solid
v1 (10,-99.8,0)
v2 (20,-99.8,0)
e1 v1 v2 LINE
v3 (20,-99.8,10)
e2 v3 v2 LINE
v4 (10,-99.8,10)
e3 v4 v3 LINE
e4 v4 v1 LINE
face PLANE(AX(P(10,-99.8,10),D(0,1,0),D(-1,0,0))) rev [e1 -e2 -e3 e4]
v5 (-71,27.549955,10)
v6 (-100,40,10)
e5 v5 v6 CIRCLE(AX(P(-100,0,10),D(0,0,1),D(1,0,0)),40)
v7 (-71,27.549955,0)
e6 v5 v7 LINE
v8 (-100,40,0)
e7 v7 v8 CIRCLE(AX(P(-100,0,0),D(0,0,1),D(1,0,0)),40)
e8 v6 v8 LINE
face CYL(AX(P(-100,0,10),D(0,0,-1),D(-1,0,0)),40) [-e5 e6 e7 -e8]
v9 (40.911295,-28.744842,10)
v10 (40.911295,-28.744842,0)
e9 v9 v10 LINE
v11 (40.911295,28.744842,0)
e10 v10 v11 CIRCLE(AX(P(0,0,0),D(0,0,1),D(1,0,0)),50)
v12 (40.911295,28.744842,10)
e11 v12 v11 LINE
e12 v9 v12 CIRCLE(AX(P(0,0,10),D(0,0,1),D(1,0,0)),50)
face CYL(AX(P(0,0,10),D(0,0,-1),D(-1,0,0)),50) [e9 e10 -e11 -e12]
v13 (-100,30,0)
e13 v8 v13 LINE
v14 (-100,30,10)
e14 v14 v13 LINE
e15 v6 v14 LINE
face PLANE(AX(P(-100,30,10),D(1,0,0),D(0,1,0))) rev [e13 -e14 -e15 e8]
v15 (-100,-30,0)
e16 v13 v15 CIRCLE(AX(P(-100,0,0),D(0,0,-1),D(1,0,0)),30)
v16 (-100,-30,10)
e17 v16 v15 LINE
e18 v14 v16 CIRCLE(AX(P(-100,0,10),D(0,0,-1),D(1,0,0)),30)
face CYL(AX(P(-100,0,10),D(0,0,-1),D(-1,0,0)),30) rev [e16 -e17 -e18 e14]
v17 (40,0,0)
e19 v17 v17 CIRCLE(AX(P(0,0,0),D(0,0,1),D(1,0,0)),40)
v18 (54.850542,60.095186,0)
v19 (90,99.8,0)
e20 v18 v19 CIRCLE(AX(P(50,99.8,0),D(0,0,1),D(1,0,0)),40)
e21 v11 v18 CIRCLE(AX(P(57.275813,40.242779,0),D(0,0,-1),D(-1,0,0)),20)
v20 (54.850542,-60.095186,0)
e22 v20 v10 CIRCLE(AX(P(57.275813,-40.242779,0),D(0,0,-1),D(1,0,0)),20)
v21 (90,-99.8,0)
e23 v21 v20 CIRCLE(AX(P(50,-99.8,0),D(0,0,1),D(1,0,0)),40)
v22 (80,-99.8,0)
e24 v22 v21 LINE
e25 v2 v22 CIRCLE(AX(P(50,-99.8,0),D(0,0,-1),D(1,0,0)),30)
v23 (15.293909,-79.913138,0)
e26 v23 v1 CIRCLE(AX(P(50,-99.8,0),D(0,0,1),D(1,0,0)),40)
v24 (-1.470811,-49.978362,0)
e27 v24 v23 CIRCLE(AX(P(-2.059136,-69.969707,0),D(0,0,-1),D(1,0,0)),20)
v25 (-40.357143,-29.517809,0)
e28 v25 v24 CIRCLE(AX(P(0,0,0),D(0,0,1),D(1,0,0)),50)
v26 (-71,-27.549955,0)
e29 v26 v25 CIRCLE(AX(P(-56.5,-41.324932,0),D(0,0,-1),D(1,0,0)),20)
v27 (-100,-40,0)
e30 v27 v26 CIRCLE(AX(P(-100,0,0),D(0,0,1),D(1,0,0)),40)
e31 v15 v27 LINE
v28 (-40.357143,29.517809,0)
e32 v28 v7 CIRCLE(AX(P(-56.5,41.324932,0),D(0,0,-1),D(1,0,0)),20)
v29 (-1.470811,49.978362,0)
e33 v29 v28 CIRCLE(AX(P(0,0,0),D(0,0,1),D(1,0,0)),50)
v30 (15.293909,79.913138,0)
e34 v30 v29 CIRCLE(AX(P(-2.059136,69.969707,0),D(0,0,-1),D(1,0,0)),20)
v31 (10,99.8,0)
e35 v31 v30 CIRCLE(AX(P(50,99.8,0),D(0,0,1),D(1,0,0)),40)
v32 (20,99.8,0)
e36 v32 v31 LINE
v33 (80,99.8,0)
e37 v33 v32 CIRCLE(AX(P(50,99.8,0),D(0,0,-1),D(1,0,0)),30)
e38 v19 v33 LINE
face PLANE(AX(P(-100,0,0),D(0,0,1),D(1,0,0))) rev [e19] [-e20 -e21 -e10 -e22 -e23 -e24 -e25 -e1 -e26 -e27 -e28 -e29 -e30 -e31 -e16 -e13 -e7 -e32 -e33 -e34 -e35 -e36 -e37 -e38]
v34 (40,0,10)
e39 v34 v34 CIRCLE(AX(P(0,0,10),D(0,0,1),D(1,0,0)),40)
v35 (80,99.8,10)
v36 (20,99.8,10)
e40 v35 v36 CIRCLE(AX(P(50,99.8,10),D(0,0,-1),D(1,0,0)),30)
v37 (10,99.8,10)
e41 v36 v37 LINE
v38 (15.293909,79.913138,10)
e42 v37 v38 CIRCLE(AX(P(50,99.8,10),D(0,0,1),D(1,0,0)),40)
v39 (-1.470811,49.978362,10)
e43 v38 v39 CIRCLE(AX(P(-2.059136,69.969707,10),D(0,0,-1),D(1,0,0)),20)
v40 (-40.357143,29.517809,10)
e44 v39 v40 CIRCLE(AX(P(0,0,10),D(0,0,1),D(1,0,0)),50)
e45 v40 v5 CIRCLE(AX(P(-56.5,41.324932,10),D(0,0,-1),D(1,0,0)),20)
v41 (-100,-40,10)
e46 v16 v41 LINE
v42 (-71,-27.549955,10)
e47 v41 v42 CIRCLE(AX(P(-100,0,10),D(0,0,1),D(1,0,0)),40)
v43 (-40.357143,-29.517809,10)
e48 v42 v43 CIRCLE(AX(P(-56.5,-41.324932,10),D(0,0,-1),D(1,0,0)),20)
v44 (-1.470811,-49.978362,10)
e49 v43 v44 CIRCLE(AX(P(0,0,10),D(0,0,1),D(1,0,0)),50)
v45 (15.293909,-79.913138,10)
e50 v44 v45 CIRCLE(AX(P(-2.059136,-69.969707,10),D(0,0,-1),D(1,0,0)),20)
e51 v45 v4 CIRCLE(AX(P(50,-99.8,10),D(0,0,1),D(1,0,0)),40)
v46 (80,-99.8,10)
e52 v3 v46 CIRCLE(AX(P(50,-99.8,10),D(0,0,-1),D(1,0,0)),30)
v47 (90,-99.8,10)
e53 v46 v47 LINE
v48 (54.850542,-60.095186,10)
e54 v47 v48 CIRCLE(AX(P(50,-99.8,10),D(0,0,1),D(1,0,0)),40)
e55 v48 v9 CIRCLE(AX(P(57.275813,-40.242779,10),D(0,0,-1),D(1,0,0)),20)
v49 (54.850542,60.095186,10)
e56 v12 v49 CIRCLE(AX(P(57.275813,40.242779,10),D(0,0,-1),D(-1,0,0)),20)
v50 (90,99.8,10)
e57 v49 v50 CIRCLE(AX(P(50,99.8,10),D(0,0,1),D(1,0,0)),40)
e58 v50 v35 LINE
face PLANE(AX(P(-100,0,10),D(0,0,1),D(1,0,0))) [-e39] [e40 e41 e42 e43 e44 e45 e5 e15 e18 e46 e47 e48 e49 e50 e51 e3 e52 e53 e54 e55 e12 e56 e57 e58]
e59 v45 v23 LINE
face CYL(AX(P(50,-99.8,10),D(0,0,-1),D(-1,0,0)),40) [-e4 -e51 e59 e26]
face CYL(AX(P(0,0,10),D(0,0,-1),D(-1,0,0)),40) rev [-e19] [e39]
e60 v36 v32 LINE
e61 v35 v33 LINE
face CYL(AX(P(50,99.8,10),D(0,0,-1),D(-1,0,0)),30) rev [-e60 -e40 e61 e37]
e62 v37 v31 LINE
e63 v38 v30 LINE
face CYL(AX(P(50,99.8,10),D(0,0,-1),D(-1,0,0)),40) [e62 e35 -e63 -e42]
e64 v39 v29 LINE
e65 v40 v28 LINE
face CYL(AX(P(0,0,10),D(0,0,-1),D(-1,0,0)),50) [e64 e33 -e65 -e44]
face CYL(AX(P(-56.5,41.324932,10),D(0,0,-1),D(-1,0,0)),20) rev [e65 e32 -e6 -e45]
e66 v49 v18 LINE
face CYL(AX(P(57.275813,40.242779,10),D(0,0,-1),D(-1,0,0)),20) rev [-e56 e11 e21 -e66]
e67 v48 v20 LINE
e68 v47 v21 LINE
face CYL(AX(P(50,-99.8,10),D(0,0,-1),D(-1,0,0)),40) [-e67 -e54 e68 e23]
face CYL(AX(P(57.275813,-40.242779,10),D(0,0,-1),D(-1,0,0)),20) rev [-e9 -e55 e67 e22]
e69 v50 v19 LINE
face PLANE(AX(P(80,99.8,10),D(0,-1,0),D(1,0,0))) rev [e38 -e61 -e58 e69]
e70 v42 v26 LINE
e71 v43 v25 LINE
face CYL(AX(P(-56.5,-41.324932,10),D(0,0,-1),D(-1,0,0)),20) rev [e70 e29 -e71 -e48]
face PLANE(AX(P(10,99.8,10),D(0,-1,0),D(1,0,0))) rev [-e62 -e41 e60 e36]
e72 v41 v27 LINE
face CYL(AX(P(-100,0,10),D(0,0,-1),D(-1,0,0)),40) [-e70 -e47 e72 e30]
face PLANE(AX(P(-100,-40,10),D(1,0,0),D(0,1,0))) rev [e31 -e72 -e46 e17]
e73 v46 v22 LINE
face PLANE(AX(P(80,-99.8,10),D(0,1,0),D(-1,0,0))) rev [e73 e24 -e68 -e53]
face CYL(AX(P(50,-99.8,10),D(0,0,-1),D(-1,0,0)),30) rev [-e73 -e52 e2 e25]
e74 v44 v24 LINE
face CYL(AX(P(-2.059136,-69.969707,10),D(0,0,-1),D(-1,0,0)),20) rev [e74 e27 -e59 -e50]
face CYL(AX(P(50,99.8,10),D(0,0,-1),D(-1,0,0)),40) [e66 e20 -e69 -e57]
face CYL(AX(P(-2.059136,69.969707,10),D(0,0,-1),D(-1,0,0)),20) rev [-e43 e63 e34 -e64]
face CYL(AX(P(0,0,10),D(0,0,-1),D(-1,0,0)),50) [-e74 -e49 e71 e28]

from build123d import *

# Parameters (mm, degrees)
SKETCH2_R           = 40
BOSS_EXTRUDE1_DEPTH = 10


with BuildPart() as part:
    # Sketch2 → Boss-Extrude1 (new body)
    with BuildSketch(Plane.XY):
        with BuildLine():
            Line((-100, -40), (-100, -30))
            ThreePointArc((-100, -30), (-70, 0), (-100, 30))
            Line((-100, 30), (-100, 40))
            ThreePointArc((-100, 40), (-84.220237409, 36.755939555), (-71, 27.549954628))
            ThreePointArc((-71, 27.549954628), (-55.218260111, 21.366045629), (-40.357142857, 29.51780853))
            ThreePointArc((-40.357142857, 29.51780853), (-23.282031855, 44.248694813), (-1.47081146, 49.978362455))
            ThreePointArc((-1.47081146, 49.978362455), (15.390674553, 60.197087002), (15.293909304, 79.913138291))
            ThreePointArc((15.293909304, 79.913138291), (11.346128086, 89.510287366), (10, 99.8))
            Line((10, 99.8), (20, 99.8))
            ThreePointArc((20, 99.8), (50, 69.8), (80, 99.8))
            Line((80, 99.8), (90, 99.8))
            ThreePointArc((90, 99.8), (79.950139168, 73.286057181), (54.85054181, 60.095186134))
            ThreePointArc((54.85054181, 60.095186134), (39.000828287, 48.368352667), (40.911294797, 28.744842286))
            ThreePointArc((40.911294797, 28.744842286), (50, 0), (40.911294797, -28.744842286))
            ThreePointArc((40.911294797, -28.744842286), (39.000828287, -48.368352667), (54.85054181, -60.095186134))
            ThreePointArc((54.85054181, -60.095186134), (79.950139168, -73.286057181), (90, -99.8))
            Line((90, -99.8), (80, -99.8))
            ThreePointArc((80, -99.8), (50, -69.8), (20, -99.8))
            Line((20, -99.8), (10, -99.8))
            ThreePointArc((10, -99.8), (11.346128086, -89.510287366), (15.293909304, -79.913138291))
            ThreePointArc((15.293909304, -79.913138291), (15.390674553, -60.197087002), (-1.47081146, -49.978362455))
            ThreePointArc((-1.47081146, -49.978362455), (-23.282031855, -44.248694813), (-40.357142857, -29.51780853))
            ThreePointArc((-40.357142857, -29.51780853), (-55.218260111, -21.366045629), (-71, -27.549954628))
            ThreePointArc((-71, -27.549954628), (-84.220237409, -36.755939555), (-100, -40))
        make_face()
        Circle(SKETCH2_R, mode=Mode.SUBTRACT)
    extrude(amount=BOSS_EXTRUDE1_DEPTH)


solid = part.part
